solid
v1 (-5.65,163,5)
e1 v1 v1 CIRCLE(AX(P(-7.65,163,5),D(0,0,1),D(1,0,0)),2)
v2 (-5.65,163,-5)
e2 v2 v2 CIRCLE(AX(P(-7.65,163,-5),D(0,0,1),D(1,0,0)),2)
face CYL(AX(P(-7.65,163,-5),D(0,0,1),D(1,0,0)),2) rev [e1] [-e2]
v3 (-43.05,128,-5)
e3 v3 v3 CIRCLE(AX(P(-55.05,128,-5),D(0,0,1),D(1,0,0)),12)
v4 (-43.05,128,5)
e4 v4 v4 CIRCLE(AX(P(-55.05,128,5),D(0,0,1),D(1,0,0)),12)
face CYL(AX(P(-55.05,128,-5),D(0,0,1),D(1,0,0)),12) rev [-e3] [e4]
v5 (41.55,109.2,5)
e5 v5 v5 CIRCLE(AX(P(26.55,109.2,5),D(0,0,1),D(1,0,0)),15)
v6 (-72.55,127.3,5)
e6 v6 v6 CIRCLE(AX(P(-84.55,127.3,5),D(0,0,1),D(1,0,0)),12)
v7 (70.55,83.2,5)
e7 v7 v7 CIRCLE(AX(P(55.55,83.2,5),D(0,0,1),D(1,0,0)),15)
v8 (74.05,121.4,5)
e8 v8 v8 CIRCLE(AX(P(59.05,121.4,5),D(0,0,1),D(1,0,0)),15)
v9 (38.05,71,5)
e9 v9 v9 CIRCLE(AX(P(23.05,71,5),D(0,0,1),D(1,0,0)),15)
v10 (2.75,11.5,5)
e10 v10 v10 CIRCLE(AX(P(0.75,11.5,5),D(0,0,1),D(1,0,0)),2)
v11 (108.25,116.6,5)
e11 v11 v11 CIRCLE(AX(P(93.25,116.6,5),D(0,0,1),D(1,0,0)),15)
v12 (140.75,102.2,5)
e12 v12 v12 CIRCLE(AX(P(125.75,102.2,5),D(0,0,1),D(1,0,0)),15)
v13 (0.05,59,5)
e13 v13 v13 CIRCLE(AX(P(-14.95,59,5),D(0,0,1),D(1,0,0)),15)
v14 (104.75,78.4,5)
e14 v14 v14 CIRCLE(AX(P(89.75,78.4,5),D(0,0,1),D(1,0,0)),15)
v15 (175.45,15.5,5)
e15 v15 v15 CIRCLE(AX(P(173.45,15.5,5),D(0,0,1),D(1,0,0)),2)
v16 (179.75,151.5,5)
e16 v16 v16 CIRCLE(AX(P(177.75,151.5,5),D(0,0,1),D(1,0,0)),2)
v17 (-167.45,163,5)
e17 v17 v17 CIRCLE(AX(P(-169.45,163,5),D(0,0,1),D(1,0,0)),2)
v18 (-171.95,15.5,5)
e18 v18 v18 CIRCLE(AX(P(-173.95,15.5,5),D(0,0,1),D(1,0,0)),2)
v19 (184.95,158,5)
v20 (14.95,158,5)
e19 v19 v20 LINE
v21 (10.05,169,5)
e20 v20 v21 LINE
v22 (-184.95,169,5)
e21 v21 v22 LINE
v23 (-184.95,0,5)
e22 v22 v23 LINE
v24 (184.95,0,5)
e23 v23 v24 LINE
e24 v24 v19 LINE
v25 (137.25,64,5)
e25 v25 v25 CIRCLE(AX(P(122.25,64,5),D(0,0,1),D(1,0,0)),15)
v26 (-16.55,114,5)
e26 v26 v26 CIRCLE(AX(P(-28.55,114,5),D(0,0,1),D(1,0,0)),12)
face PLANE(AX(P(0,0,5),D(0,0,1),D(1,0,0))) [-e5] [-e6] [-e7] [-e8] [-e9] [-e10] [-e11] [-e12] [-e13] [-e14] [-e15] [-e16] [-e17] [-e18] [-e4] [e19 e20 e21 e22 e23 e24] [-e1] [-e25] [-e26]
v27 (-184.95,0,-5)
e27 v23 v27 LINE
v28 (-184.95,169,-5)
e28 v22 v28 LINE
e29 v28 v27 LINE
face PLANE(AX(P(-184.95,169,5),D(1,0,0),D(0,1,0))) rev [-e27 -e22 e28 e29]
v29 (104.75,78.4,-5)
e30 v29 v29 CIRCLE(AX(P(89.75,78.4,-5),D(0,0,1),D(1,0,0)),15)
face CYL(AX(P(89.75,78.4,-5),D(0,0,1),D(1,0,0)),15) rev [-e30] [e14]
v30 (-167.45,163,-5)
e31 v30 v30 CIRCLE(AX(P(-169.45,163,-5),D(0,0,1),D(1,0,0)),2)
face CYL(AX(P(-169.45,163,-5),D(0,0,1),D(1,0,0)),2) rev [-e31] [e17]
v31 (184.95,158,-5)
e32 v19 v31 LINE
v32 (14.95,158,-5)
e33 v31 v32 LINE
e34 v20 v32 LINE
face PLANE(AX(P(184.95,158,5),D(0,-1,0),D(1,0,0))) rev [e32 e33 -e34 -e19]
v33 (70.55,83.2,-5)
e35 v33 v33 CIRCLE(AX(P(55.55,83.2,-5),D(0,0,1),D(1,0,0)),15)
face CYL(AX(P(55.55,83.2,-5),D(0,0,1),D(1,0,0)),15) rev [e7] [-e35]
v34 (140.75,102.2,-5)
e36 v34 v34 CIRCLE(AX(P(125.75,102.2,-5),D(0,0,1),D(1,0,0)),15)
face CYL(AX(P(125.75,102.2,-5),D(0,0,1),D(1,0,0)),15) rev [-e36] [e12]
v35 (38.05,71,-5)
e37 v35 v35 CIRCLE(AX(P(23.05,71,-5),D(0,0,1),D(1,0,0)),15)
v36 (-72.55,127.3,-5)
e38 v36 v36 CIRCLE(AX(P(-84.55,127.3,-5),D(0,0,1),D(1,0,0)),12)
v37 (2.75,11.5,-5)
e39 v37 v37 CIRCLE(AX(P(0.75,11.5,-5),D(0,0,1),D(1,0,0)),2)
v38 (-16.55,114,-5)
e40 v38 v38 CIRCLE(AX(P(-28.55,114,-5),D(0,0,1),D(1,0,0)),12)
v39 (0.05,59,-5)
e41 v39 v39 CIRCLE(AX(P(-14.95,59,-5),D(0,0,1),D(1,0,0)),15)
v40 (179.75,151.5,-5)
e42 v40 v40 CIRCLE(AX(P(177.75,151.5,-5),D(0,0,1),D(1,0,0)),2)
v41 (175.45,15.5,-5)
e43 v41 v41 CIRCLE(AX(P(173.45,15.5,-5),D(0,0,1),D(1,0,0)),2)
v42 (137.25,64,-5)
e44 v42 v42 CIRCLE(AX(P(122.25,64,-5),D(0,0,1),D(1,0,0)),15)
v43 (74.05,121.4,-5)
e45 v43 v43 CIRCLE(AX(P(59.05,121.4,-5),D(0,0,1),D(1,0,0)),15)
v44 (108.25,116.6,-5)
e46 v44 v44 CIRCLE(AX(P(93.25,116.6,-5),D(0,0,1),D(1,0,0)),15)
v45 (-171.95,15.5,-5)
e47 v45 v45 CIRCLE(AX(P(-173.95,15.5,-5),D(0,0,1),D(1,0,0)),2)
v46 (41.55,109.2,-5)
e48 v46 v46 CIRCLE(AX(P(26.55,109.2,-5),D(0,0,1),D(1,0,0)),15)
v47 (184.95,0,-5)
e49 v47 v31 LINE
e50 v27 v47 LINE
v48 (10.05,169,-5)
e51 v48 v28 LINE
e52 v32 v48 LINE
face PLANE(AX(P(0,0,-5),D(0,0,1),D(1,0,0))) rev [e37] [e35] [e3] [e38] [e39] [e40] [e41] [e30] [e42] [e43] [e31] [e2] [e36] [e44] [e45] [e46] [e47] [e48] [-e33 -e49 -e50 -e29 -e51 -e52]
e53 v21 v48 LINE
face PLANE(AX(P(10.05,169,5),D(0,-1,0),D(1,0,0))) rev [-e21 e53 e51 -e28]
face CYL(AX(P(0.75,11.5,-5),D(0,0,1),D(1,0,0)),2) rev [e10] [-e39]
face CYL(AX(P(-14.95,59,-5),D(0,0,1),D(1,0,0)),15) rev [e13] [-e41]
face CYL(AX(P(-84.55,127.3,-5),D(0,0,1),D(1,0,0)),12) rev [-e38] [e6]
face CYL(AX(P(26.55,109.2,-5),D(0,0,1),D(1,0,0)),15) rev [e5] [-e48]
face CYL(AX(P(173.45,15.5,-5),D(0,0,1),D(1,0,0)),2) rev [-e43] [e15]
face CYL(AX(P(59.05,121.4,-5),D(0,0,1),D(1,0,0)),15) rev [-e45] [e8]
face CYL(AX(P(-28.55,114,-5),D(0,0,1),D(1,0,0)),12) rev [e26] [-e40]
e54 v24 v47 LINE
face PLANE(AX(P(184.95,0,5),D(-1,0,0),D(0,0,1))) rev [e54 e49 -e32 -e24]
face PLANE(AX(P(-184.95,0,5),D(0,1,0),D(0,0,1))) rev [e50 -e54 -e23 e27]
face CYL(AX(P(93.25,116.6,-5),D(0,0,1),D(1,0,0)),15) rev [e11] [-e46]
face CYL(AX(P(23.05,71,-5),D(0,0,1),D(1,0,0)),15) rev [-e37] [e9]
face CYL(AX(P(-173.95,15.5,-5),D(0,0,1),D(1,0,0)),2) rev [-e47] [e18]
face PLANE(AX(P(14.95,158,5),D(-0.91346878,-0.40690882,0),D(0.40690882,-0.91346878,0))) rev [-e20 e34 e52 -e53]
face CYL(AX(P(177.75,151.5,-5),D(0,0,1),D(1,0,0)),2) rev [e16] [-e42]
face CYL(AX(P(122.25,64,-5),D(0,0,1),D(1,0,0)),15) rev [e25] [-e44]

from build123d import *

# Parameters (mm, degrees)
BOSS_EXTRUDE1_DEPTH     = 5
SKETCH2_R               = 15
SKETCH2_R_2             = 12
SKETCH2_R_3             = 2
CUT_EXTRUDE1_DEPTH      = 6
CUT_EXTRUDE1_DEPTH_BACK = 6


with BuildPart() as part:
    # Sketch1 → Boss-Extrude1 (new body, symmetric)
    with BuildSketch(Plane.XY):
        Polygon((-184.95, 0), (184.95, 0), (184.95, 158), (14.95, 158), (10.05, 169), (-184.95, 169), align=None)
    extrude(amount=BOSS_EXTRUDE1_DEPTH, both=True)

    # Sketch2 → Cut-Extrude1 (cut, two sides)
    with BuildSketch(Plane.XY) as cut_extrude1_sk:
        with Locations((23.05, 71)):
            Circle(SKETCH2_R)
        with Locations((55.55, 83.2)):
            Circle(SKETCH2_R)
        with Locations((89.75, 78.4)):
            Circle(SKETCH2_R)
        with Locations((122.25, 64)):
            Circle(SKETCH2_R)
        with Locations((26.55, 109.2)):
            Circle(SKETCH2_R)
        with Locations((59.05, 121.4)):
            Circle(SKETCH2_R)
        with Locations((93.25, 116.6)):
            Circle(SKETCH2_R)
        with Locations((125.75, 102.2)):
            Circle(SKETCH2_R)
        with Locations((-14.95, 59)):
            Circle(SKETCH2_R)
        with Locations((-28.55, 114)):
            Circle(SKETCH2_R_2)
        with Locations((-55.05, 128)):
            Circle(SKETCH2_R_2)
        with Locations((-84.55, 127.3)):
            Circle(SKETCH2_R_2)
        with Locations((-7.65, 163)):
            Circle(SKETCH2_R_3)
        with Locations((-169.45, 163)):
            Circle(SKETCH2_R_3)
        with Locations((-173.95, 15.5)):
            Circle(SKETCH2_R_3)
        with Locations((0.75, 11.5)):
            Circle(SKETCH2_R_3)
        with Locations((173.45, 15.5)):
            Circle(SKETCH2_R_3)
        with Locations((177.75, 151.5)):
            Circle(SKETCH2_R_3)
    extrude(amount=CUT_EXTRUDE1_DEPTH, mode=Mode.SUBTRACT)
    extrude(cut_extrude1_sk.sketch, amount=-CUT_EXTRUDE1_DEPTH_BACK, mode=Mode.SUBTRACT)


solid = part.part
